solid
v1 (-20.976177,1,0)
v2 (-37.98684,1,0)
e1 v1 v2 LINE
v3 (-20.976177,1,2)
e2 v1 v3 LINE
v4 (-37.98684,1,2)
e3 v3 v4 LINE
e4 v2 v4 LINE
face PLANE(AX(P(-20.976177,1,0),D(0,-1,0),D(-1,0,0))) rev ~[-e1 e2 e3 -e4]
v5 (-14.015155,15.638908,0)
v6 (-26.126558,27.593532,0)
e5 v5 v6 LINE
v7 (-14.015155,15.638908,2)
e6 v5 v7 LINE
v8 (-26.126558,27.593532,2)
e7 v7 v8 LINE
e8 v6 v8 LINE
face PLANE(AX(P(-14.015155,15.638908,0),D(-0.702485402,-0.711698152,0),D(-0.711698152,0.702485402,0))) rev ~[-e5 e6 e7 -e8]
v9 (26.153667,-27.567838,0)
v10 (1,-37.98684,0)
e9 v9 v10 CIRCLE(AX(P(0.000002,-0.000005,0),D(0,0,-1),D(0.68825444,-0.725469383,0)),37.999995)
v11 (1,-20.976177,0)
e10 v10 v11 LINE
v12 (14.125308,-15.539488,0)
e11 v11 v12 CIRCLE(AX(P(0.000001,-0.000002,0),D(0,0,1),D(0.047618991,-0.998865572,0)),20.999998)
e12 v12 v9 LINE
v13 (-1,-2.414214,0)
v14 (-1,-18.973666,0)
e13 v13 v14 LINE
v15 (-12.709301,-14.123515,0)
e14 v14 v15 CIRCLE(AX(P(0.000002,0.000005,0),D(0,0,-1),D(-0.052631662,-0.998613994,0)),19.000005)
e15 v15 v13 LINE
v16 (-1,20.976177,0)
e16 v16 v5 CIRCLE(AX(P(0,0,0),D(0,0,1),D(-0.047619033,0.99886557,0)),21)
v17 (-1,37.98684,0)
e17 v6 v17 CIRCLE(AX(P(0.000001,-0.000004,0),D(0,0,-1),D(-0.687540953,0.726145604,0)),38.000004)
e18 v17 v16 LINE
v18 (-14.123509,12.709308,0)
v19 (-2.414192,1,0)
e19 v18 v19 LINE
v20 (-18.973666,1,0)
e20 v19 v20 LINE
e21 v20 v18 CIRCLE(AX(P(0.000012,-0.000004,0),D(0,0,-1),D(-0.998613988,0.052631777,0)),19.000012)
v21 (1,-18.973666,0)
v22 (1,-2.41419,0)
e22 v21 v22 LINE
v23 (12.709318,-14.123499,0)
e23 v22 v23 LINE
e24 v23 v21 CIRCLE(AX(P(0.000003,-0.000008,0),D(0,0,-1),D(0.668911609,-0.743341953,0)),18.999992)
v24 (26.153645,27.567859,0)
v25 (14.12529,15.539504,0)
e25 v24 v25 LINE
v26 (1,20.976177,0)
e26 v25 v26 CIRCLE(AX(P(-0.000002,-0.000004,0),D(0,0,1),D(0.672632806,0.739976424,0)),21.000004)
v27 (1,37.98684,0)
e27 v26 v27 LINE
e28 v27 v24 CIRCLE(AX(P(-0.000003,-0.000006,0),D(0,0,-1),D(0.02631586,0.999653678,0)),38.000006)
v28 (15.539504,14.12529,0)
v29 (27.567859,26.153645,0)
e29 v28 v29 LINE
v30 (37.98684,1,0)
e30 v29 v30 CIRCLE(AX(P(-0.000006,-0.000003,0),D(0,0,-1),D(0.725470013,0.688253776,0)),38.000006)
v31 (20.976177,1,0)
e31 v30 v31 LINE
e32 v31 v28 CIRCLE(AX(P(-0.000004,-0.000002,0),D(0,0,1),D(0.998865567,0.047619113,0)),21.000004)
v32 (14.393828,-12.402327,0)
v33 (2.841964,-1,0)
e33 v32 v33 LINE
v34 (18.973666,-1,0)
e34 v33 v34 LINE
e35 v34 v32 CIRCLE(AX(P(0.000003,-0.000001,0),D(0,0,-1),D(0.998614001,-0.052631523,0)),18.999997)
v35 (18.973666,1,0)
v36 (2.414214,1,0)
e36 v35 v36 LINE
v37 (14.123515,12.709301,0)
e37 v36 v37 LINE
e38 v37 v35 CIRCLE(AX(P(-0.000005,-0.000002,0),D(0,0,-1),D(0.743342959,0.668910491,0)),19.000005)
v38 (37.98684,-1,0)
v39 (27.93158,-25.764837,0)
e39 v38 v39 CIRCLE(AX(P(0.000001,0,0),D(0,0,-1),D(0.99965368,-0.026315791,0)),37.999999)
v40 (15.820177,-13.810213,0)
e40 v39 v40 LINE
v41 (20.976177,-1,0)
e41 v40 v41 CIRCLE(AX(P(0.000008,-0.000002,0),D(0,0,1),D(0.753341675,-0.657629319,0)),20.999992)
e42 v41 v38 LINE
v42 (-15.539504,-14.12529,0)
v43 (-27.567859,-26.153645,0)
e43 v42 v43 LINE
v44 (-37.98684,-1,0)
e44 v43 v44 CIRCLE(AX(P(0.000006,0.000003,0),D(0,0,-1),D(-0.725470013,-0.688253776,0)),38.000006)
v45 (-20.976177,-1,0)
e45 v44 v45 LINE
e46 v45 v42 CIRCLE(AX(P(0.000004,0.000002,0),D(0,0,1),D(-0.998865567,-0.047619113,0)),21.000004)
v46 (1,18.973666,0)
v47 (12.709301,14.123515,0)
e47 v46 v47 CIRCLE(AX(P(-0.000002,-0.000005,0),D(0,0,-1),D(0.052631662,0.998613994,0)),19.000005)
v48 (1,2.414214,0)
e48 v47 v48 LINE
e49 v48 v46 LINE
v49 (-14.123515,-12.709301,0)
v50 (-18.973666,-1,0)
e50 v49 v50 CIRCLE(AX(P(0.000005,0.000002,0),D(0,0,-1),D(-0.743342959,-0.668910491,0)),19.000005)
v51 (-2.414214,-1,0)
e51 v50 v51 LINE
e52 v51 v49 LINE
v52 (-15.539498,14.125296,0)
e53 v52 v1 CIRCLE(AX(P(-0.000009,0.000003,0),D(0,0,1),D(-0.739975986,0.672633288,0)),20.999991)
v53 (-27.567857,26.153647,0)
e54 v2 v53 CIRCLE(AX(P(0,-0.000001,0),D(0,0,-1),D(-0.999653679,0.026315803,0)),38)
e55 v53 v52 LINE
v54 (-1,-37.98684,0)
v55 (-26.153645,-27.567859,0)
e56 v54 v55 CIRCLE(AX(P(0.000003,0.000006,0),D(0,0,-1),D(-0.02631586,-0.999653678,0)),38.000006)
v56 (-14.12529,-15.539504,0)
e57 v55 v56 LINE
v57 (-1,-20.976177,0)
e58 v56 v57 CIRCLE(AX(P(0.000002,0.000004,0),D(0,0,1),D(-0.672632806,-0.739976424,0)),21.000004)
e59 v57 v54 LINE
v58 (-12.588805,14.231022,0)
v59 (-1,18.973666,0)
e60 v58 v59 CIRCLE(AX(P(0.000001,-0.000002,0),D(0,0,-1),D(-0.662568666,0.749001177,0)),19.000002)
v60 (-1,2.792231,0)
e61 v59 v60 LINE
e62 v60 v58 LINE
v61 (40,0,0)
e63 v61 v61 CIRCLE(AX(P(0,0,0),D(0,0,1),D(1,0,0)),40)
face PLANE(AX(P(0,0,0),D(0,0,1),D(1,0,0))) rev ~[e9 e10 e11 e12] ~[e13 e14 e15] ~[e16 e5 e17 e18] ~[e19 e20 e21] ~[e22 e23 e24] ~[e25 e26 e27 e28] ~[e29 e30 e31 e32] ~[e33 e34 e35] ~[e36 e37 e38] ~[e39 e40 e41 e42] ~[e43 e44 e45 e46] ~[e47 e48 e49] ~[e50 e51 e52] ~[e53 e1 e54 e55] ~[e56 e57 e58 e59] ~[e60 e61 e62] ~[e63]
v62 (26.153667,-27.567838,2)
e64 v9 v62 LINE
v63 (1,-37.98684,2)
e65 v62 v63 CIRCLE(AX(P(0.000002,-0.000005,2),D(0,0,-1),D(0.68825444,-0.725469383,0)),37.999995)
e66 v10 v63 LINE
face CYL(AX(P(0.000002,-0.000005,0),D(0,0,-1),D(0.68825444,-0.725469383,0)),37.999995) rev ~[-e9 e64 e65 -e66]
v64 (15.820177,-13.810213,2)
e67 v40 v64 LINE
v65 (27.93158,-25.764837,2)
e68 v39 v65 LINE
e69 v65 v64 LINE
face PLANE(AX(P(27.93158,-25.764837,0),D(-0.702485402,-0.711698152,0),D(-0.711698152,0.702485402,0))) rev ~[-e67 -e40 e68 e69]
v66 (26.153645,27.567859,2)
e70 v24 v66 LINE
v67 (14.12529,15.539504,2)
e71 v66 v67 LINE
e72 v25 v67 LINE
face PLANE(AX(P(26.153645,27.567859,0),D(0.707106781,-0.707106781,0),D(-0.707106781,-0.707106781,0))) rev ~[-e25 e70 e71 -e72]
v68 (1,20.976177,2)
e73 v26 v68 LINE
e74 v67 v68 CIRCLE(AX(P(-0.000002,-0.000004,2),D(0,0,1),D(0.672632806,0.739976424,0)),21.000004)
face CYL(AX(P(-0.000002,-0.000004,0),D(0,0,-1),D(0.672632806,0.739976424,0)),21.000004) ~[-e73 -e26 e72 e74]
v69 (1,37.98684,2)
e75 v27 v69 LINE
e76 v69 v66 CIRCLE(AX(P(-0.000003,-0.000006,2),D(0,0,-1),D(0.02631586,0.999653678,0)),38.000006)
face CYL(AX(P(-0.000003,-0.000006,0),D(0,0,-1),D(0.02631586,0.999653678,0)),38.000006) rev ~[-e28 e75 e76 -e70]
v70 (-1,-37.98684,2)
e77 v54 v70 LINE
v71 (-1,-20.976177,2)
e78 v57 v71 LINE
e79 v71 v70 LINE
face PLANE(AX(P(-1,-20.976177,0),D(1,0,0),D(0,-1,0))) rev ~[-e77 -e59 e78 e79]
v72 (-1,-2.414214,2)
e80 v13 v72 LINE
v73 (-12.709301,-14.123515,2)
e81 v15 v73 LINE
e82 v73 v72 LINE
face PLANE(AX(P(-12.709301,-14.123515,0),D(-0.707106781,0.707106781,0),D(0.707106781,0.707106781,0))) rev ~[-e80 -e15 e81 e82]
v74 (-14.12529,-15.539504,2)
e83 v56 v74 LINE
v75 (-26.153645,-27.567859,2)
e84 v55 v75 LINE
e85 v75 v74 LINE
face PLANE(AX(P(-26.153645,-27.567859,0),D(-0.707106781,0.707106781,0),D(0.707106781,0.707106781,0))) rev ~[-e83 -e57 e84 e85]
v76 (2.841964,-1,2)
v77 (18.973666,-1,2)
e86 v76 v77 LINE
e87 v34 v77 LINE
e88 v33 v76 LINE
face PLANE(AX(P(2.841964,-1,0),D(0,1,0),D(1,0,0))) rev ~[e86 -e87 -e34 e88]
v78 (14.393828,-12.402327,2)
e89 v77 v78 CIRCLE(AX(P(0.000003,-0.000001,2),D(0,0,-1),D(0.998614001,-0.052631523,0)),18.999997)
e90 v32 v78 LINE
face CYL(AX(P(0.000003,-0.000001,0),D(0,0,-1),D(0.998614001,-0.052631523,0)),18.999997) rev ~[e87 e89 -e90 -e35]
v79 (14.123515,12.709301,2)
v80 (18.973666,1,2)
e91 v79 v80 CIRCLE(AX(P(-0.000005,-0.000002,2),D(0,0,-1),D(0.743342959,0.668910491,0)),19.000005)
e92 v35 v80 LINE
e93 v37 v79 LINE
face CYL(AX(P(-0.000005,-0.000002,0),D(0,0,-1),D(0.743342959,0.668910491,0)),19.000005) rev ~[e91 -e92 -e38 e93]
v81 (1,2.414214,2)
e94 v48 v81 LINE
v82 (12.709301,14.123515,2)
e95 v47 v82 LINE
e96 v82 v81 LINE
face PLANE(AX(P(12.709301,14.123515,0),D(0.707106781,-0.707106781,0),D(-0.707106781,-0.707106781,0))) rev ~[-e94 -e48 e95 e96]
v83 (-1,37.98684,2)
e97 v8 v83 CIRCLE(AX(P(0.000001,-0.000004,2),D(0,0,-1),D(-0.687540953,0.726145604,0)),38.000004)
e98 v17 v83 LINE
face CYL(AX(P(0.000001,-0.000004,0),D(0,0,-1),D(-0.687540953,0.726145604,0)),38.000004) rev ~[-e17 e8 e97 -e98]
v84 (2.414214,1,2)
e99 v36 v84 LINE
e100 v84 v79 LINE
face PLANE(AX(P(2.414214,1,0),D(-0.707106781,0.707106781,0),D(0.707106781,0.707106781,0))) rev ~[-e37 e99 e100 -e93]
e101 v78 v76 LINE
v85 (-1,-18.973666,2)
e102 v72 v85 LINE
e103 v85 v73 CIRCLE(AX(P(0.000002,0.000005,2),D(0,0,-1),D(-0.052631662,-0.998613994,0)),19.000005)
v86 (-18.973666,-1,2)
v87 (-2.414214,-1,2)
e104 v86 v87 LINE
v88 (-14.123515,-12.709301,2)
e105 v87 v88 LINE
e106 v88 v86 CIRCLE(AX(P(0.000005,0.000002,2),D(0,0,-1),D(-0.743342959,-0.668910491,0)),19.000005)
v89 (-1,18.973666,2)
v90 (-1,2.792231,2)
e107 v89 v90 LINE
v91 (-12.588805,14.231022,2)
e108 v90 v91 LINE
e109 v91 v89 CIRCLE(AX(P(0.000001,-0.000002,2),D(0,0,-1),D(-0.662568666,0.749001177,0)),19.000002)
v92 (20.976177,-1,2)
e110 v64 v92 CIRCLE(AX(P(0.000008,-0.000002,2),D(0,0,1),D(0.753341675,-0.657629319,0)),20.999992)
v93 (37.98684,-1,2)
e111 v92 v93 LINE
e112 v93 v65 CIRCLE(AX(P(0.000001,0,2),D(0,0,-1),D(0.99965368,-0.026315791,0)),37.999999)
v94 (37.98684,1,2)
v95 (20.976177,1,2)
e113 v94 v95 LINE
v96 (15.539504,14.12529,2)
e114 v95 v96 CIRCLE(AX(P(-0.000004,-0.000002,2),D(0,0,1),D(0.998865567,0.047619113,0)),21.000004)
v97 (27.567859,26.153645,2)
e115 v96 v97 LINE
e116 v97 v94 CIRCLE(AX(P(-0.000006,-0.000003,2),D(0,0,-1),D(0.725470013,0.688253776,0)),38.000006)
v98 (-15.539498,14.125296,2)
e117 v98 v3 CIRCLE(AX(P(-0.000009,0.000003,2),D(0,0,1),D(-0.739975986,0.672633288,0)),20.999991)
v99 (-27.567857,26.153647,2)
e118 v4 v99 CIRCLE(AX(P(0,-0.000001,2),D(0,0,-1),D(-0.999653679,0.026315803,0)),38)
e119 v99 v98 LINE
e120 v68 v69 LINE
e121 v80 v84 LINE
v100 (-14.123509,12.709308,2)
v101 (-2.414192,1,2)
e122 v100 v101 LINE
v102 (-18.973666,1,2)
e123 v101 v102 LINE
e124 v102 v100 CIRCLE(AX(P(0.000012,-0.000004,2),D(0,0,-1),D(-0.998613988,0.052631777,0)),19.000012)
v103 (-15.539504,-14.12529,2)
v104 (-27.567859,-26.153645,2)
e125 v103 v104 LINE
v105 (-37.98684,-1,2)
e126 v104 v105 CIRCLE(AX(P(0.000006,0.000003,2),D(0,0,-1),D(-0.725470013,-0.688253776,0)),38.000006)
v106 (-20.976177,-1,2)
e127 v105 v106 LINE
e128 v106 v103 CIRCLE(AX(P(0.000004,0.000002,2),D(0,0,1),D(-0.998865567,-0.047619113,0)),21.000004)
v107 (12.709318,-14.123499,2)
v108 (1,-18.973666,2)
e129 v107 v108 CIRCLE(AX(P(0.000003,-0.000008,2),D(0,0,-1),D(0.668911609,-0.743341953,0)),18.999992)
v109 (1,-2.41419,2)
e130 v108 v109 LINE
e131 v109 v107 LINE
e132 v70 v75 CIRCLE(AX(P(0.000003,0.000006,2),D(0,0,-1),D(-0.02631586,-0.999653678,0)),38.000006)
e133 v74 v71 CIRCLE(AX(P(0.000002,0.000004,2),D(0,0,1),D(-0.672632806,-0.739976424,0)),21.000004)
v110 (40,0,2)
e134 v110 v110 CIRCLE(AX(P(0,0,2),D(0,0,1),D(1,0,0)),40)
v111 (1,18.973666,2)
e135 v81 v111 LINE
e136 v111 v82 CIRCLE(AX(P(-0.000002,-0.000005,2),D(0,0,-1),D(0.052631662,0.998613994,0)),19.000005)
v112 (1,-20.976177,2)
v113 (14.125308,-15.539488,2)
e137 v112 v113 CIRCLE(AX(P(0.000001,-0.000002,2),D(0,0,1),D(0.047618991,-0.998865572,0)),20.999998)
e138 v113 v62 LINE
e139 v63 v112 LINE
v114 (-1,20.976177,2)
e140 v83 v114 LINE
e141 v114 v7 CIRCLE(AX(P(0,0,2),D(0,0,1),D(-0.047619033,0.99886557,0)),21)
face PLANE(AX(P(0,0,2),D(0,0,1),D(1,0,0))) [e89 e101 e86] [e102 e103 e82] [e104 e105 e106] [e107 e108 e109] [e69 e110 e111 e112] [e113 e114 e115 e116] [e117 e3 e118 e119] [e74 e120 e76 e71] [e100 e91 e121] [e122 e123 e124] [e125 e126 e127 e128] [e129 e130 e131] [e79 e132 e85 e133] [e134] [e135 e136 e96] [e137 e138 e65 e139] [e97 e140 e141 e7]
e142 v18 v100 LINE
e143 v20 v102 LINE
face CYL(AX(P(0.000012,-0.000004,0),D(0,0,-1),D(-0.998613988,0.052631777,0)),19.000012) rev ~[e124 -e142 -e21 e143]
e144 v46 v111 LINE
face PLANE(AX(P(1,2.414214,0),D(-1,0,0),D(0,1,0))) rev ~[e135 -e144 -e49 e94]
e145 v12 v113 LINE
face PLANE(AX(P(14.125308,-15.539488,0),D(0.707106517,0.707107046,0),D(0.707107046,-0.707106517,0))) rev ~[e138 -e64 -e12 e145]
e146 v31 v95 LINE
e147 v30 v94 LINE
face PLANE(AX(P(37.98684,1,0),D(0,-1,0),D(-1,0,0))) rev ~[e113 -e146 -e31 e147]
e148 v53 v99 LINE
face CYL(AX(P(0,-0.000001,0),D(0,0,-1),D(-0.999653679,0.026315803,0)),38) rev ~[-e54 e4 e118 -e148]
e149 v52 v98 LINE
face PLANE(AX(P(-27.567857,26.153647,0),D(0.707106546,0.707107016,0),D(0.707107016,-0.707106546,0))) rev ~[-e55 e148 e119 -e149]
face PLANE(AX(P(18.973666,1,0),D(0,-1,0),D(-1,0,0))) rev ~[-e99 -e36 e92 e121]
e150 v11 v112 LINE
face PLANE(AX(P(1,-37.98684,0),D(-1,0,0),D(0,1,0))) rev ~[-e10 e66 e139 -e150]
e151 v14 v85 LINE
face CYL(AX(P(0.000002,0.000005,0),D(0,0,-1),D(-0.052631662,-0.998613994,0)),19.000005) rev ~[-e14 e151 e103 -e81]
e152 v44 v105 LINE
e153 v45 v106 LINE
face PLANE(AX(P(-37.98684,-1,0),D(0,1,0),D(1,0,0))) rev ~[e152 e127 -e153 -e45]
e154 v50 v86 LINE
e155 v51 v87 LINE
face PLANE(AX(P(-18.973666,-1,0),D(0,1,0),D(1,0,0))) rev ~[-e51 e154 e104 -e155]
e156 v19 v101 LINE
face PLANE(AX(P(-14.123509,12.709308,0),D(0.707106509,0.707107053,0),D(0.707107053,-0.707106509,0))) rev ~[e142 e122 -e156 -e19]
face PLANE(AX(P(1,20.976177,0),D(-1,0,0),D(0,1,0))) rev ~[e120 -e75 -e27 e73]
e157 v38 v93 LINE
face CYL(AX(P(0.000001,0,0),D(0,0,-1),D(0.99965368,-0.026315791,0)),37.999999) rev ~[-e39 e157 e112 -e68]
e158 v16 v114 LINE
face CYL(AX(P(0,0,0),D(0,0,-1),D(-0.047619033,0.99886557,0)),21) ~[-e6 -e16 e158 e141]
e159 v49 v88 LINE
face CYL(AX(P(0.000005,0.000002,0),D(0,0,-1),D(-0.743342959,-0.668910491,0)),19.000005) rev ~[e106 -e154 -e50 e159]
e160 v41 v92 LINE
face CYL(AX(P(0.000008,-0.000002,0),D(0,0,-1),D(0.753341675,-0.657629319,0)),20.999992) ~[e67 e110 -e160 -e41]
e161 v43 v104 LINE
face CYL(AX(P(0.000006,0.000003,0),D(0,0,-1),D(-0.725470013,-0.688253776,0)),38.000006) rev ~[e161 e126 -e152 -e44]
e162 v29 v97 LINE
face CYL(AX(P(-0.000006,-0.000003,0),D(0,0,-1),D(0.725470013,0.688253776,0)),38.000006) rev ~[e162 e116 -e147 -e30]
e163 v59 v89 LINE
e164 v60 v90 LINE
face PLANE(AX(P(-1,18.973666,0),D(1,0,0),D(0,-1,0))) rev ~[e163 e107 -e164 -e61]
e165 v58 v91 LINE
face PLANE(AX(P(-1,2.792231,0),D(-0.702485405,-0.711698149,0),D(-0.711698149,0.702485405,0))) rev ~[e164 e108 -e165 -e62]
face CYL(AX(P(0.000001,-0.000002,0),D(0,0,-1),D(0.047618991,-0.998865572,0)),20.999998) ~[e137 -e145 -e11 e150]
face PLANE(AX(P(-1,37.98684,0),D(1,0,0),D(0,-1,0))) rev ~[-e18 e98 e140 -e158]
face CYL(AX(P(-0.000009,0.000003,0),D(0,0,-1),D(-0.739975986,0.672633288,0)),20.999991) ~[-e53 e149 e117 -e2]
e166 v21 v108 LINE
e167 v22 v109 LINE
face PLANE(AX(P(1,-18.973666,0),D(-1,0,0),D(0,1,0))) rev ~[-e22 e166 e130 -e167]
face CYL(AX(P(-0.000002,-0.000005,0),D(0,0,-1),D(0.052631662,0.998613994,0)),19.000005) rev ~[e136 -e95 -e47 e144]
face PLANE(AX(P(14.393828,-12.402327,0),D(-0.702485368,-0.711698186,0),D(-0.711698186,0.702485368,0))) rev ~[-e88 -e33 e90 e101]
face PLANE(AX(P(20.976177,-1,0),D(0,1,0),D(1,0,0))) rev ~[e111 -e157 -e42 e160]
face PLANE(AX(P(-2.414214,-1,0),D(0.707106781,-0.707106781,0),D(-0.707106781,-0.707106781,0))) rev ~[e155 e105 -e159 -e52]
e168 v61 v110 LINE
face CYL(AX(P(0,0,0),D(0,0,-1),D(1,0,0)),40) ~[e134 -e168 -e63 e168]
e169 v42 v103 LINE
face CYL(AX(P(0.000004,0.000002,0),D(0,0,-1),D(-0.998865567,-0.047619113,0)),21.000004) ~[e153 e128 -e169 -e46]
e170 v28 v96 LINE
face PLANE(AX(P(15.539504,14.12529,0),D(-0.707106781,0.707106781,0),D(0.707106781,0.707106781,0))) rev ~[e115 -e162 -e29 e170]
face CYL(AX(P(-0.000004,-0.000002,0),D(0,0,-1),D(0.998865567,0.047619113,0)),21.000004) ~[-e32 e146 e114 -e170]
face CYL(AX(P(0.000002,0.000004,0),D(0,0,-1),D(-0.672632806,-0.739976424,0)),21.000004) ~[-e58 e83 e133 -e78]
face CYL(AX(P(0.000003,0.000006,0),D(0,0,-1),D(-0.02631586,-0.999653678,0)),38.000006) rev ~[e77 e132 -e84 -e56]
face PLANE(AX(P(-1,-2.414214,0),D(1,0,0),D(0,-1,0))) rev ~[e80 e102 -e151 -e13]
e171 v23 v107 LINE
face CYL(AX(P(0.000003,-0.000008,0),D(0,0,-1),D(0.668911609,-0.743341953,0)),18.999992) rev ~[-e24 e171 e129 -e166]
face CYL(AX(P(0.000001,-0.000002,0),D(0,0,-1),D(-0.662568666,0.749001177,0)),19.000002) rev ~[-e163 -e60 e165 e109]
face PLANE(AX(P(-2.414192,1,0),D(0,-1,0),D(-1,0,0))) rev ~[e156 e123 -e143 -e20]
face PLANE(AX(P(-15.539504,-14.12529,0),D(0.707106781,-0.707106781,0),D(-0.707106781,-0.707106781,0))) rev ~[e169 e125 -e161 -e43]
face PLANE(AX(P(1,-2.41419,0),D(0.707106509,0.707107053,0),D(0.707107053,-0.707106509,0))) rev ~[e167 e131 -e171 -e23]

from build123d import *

# Parameters (mm, degrees)
F0_R     = 40
F1_DEPTH = 2


with BuildPart() as f1:
    # F0 (on Top) → F1 (new body)
    with BuildSketch(Plane.XY):
        Circle(F0_R)
        with BuildLine():
            ThreePointArc((-1, -37.98684), (-14.54197, -35.107422), (-26.153645, -27.567859))
            Line((-26.153645, -27.567859), (-14.12529, -15.539504))
            ThreePointArc((-14.12529, -15.539504), (-8.036352, -19.40147), (-1, -20.976177))
            Line((-1, -20.976177), (-1, -37.98684))
        make_face(mode=Mode.SUBTRACT)
        with BuildLine():
            ThreePointArc((-27.567859, -26.153645), (-35.107422, -14.54197), (-37.98684, -1))
            Line((-37.98684, -1), (-20.976177, -1))
            ThreePointArc((-20.976177, -1), (-19.40147, -8.036352), (-15.539504, -14.12529))
            Line((-15.539504, -14.12529), (-27.567859, -26.153645))
        make_face(mode=Mode.SUBTRACT)
        with BuildLine():
            Line((-12.709301, -14.123515), (-1, -2.414214))
            Line((-1, -2.414214), (-1, -18.973666))
            ThreePointArc((-1, -18.973666), (-7.270985, -17.553711), (-12.709301, -14.123515))
        make_face(mode=Mode.SUBTRACT)
        with BuildLine():
            Line((-18.973666, -1), (-2.414214, -1))
            Line((-2.414214, -1), (-14.123515, -12.709301))
            ThreePointArc((-14.123515, -12.709301), (-17.553711, -7.270985), (-18.973666, -1))
        make_face(mode=Mode.SUBTRACT)
        with BuildLine():
            ThreePointArc((26.153667, -27.567838), (14.541984, -35.107417), (1, -37.98684))
            Line((1, -37.98684), (1, -20.976177))
            ThreePointArc((1, -20.976177), (8.036363, -19.401466), (14.125308, -15.539488))
            Line((14.125308, -15.539488), (26.153667, -27.567838))
        make_face(mode=Mode.SUBTRACT)
        with BuildLine():
            Line((1, -18.973666), (1, -2.41419))
            Line((1, -2.41419), (12.709318, -14.123499))
            ThreePointArc((12.709318, -14.123499), (7.270996, -17.553707), (1, -18.973666))
        make_face(mode=Mode.SUBTRACT)
        with BuildLine():
            Line((2.841964, -1), (18.973666, -1))
            ThreePointArc((18.973666, -1), (17.630958, -7.081619), (14.393828, -12.402327))
            Line((14.393828, -12.402327), (2.841964, -1))
        make_face(mode=Mode.SUBTRACT)
        with BuildLine():
            Line((20.976177, -1), (37.98684, -1))
            ThreePointArc((37.98684, -1), (35.208434, -14.29567), (27.93158, -25.764837))
            Line((27.93158, -25.764837), (15.820177, -13.810213))
            ThreePointArc((15.820177, -13.810213), (19.48123, -7.841026), (20.976177, -1))
        make_face(mode=Mode.SUBTRACT)
        with BuildLine():
            Line((-27.567857, 26.153647), (-15.539498, 14.125296))
            ThreePointArc((-15.539498, 14.125296), (-19.401469, 8.036356), (-20.976177, 1))
            Line((-20.976177, 1), (-37.98684, 1))
            ThreePointArc((-37.98684, 1), (-35.107422, 14.541971), (-27.567857, 26.153647))
        make_face(mode=Mode.SUBTRACT)
        with BuildLine():
            Line((-14.123509, 12.709308), (-2.414192, 1))
            Line((-2.414192, 1), (-18.973666, 1))
            ThreePointArc((-18.973666, 1), (-17.553709, 7.270989), (-14.123509, 12.709308))
        make_face(mode=Mode.SUBTRACT)
        with BuildLine():
            Line((-1, 18.973666), (-1, 2.792231))
            Line((-1, 2.792231), (-12.588805, 14.231022))
            ThreePointArc((-12.588805, 14.231022), (-7.196324, 17.584451), (-1, 18.973666))
        make_face(mode=Mode.SUBTRACT)
        with BuildLine():
            ThreePointArc((-26.126558, 27.593532), (-14.524729, 35.114559), (-1, 37.98684))
            Line((-1, 37.98684), (-1, 20.976177))
            ThreePointArc((-1, 20.976177), (-7.967768, 19.429737), (-14.015155, 15.638908))
            Line((-14.015155, 15.638908), (-26.126558, 27.593532))
        make_face(mode=Mode.SUBTRACT)
        with BuildLine():
            Line((2.414214, 1), (14.123515, 12.709301))
            ThreePointArc((14.123515, 12.709301), (17.553711, 7.270985), (18.973666, 1))
            Line((18.973666, 1), (2.414214, 1))
        make_face(mode=Mode.SUBTRACT)
        with BuildLine():
            Line((12.709301, 14.123515), (1, 2.414214))
            Line((1, 2.414214), (1, 18.973666))
            ThreePointArc((1, 18.973666), (7.270985, 17.553711), (12.709301, 14.123515))
        make_face(mode=Mode.SUBTRACT)
        with BuildLine():
            ThreePointArc((27.567859, 26.153645), (35.107422, 14.54197), (37.98684, 1))
            Line((37.98684, 1), (20.976177, 1))
            ThreePointArc((20.976177, 1), (19.40147, 8.036352), (15.539504, 14.12529))
            Line((15.539504, 14.12529), (27.567859, 26.153645))
        make_face(mode=Mode.SUBTRACT)
        with BuildLine():
            Line((1, 20.976177), (1, 37.98684))
            ThreePointArc((1, 37.98684), (14.54197, 35.107422), (26.153645, 27.567859))
            Line((26.153645, 27.567859), (14.12529, 15.539504))
            ThreePointArc((14.12529, 15.539504), (8.036352, 19.40147), (1, 20.976177))
        make_face(mode=Mode.SUBTRACT)
    extrude(amount=F1_DEPTH)


solid = f1.part
